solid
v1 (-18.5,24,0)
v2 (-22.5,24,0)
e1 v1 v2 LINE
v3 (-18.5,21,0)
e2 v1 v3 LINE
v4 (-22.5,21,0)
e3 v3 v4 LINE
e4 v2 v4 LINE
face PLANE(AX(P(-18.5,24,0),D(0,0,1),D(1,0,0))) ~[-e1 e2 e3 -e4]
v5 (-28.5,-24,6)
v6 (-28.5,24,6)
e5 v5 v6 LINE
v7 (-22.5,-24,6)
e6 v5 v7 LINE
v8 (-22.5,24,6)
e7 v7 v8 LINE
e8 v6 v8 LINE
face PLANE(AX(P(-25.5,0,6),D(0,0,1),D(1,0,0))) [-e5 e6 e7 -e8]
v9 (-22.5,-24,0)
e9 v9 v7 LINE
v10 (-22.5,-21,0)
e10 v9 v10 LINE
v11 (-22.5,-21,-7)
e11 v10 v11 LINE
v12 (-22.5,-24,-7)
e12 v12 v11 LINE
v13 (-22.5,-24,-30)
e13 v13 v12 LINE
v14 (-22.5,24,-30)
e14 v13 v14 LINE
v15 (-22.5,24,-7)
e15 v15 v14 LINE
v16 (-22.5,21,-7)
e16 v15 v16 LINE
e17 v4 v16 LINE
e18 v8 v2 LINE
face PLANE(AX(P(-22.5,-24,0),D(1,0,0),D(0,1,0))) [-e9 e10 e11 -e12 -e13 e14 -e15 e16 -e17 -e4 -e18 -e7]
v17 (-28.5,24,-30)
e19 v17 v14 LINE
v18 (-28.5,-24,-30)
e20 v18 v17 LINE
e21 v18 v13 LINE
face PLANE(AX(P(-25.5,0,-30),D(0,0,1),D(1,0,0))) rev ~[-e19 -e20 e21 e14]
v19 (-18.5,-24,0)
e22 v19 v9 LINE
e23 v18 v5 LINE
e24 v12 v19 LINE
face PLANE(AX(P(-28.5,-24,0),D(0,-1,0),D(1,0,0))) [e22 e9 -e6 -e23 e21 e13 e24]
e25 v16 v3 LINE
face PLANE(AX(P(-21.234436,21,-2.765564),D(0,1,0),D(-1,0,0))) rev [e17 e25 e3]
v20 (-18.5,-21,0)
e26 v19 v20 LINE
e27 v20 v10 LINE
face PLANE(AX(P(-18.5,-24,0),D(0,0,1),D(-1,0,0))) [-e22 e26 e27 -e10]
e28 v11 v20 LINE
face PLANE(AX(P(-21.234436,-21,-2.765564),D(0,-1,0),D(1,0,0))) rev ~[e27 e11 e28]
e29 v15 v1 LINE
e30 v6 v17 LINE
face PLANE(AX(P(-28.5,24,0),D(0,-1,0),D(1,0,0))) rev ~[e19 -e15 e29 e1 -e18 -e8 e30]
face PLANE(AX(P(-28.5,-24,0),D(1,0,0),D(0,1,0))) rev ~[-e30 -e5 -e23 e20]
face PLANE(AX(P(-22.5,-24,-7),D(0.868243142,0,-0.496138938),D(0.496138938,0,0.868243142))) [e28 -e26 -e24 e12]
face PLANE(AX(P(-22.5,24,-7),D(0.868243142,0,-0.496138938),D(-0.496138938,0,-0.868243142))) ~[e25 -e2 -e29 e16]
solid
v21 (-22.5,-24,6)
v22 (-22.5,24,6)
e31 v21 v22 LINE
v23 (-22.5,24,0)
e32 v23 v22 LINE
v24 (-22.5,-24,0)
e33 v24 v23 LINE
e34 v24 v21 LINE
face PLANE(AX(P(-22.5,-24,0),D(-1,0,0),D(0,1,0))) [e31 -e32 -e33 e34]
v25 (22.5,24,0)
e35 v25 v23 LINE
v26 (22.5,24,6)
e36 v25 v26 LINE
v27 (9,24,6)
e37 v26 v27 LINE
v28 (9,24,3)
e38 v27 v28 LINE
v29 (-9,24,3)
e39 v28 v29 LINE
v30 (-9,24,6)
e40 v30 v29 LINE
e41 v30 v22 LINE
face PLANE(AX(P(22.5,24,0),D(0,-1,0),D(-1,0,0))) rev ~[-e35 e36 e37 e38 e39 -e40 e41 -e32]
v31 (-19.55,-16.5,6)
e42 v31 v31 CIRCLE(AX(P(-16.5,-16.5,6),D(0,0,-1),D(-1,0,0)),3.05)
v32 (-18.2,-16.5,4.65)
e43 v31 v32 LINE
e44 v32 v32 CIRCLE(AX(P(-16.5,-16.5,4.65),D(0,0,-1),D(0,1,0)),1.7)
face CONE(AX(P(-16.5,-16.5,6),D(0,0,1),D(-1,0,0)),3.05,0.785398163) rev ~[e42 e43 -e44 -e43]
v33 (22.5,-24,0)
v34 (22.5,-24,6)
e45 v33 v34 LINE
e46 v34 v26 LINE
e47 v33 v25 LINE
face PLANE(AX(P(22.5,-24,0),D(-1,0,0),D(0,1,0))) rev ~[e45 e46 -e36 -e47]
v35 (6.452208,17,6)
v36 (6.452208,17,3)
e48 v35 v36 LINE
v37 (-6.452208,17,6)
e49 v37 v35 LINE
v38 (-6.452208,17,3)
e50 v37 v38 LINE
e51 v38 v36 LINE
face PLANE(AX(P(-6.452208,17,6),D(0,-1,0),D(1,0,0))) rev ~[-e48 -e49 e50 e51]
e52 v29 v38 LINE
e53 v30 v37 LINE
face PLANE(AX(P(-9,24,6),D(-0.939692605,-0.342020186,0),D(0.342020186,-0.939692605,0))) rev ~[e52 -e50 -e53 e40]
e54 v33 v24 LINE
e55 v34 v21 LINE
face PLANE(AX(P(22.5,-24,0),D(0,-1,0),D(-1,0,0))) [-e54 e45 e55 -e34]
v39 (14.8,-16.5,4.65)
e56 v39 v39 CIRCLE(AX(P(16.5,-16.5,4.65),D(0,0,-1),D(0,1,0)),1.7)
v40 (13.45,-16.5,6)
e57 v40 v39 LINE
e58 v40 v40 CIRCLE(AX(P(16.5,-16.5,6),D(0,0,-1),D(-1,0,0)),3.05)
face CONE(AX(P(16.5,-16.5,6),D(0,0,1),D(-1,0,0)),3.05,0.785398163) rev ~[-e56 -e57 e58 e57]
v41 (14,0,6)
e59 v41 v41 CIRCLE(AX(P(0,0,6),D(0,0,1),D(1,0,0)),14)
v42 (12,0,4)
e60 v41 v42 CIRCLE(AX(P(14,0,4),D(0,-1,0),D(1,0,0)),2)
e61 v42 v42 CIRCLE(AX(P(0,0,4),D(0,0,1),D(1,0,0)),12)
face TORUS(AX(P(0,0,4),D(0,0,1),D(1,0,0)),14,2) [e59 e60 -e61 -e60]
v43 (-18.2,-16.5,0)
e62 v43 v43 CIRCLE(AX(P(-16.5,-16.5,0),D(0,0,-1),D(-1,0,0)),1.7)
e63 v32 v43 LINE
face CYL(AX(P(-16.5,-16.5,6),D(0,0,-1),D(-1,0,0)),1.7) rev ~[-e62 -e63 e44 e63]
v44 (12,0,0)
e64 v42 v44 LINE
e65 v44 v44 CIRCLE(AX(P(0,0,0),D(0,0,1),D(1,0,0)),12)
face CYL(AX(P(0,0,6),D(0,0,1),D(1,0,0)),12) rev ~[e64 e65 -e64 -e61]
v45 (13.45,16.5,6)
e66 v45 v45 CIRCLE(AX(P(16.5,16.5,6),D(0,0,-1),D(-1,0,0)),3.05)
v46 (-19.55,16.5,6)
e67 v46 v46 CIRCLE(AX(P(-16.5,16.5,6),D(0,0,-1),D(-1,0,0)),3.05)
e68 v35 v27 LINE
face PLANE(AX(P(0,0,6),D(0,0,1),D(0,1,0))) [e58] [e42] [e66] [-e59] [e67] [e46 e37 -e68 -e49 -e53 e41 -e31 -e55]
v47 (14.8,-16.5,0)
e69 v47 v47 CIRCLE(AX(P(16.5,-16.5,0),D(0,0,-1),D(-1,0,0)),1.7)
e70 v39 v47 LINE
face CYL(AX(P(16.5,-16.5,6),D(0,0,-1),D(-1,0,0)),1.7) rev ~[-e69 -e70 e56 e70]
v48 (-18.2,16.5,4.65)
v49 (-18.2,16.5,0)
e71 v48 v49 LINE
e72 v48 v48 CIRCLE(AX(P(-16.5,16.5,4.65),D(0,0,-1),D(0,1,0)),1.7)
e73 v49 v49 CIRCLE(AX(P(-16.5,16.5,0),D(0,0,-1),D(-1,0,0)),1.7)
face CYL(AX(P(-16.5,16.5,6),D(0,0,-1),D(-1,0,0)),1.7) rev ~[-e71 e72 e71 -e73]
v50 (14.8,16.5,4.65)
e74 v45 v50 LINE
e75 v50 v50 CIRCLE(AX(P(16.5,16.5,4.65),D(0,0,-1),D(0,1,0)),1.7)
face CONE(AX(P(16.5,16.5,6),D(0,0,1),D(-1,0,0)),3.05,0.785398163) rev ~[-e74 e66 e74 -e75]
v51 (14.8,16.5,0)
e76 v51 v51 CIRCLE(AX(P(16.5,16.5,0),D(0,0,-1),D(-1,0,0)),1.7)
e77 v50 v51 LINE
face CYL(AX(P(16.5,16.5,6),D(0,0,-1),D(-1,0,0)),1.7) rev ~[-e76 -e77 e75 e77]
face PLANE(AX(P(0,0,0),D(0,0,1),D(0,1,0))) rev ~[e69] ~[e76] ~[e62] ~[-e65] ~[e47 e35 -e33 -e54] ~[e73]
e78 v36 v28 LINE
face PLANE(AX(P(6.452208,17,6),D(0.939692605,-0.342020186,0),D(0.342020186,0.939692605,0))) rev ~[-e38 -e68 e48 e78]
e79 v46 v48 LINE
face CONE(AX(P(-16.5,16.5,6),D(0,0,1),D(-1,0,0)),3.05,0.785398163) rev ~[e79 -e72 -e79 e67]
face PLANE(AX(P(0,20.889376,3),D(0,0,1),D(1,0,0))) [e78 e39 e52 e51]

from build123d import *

# Parameters (mm, degrees)
BINDER006_W         = 48
BINDER006_H         = 45
PAD003_DEPTH        = 6
HOLE002_D           = 3.4
HOLE002_CSINK_D     = 6.1
HOLE002_CSINK_ANGLE = 90
SKETCH013_R         = 12
POCKET003_DEPTH     = 6.001
FILLET001_R         = 2
POCKET004_DEPTH     = 3
SKETCH010_W         = 6
SKETCH010_H         = 48
PAD004_DEPTH        = 6
PAD004_DEPTH_BACK   = 30
PAD005_DEPTH        = 3


with BuildPart() as body005:
    # Binder006 → Pad003 (new body)
    with BuildSketch(Plane(origin=(0, 0, 0), x_dir=(0, 1, 0), z_dir=(0, 0, 1))):
        Rectangle(BINDER006_W, BINDER006_H)
    extrude(amount=PAD003_DEPTH)

    # Hole002 (through all)
    with Locations(Plane.XY.offset(6)):
        with Locations((-16.5, 16.5), (-16.5, -16.5), (16.5, -16.5), (16.5, 16.5)):
            CounterSinkHole(HOLE002_D / 2, HOLE002_CSINK_D / 2, counter_sink_angle=HOLE002_CSINK_ANGLE)

    # Sketch013 (on Face5 of Hole002) → Pocket003 (cut, through all)
    with BuildSketch(Plane.XY.offset(6)):
        Circle(SKETCH013_R)
    extrude(amount=-POCKET003_DEPTH, mode=Mode.SUBTRACT)

    # Fillet001
    fillet001_edges = [body005.edges().sort_by_distance(p)[0] for p in [
        (-12, 0, 6),
    ]]
    fillet(fillet001_edges, radius=FILLET001_R)

    # Sketch014 (on Face1 of Fillet001) → Pocket004 (cut)
    with BuildSketch(Plane.XY.offset(6)):
        Polygon((-9, 24), (-6.452208, 17), (6.452208, 17), (9, 24), align=None)
    extrude(amount=-POCKET004_DEPTH, mode=Mode.SUBTRACT)


with BuildPart() as body006:
    # Sketch010 (on Face1 of Binder007) → Pad004 (new body, two sides)
    with BuildSketch(Plane.XY) as pad004_sk:
        with Locations((-25.5, 0)):
            Rectangle(SKETCH010_W, SKETCH010_H)
    extrude(amount=PAD004_DEPTH)
    extrude(pad004_sk.sketch, amount=-PAD004_DEPTH_BACK)

    # Sketch011 (on Face3 of Pad004) → Pad005 (join)
    with BuildSketch(Plane.XZ.offset(24)):
        Polygon((-22.5, 0), (-22.5, -7), (-18.5, 0), align=None)
    pad005 = extrude(amount=-PAD005_DEPTH)

    # Mirrored001: Pad005 across XZ
    add(pad005.mirror(Plane.XZ))


solid = Compound([body005.part, body006.part])
